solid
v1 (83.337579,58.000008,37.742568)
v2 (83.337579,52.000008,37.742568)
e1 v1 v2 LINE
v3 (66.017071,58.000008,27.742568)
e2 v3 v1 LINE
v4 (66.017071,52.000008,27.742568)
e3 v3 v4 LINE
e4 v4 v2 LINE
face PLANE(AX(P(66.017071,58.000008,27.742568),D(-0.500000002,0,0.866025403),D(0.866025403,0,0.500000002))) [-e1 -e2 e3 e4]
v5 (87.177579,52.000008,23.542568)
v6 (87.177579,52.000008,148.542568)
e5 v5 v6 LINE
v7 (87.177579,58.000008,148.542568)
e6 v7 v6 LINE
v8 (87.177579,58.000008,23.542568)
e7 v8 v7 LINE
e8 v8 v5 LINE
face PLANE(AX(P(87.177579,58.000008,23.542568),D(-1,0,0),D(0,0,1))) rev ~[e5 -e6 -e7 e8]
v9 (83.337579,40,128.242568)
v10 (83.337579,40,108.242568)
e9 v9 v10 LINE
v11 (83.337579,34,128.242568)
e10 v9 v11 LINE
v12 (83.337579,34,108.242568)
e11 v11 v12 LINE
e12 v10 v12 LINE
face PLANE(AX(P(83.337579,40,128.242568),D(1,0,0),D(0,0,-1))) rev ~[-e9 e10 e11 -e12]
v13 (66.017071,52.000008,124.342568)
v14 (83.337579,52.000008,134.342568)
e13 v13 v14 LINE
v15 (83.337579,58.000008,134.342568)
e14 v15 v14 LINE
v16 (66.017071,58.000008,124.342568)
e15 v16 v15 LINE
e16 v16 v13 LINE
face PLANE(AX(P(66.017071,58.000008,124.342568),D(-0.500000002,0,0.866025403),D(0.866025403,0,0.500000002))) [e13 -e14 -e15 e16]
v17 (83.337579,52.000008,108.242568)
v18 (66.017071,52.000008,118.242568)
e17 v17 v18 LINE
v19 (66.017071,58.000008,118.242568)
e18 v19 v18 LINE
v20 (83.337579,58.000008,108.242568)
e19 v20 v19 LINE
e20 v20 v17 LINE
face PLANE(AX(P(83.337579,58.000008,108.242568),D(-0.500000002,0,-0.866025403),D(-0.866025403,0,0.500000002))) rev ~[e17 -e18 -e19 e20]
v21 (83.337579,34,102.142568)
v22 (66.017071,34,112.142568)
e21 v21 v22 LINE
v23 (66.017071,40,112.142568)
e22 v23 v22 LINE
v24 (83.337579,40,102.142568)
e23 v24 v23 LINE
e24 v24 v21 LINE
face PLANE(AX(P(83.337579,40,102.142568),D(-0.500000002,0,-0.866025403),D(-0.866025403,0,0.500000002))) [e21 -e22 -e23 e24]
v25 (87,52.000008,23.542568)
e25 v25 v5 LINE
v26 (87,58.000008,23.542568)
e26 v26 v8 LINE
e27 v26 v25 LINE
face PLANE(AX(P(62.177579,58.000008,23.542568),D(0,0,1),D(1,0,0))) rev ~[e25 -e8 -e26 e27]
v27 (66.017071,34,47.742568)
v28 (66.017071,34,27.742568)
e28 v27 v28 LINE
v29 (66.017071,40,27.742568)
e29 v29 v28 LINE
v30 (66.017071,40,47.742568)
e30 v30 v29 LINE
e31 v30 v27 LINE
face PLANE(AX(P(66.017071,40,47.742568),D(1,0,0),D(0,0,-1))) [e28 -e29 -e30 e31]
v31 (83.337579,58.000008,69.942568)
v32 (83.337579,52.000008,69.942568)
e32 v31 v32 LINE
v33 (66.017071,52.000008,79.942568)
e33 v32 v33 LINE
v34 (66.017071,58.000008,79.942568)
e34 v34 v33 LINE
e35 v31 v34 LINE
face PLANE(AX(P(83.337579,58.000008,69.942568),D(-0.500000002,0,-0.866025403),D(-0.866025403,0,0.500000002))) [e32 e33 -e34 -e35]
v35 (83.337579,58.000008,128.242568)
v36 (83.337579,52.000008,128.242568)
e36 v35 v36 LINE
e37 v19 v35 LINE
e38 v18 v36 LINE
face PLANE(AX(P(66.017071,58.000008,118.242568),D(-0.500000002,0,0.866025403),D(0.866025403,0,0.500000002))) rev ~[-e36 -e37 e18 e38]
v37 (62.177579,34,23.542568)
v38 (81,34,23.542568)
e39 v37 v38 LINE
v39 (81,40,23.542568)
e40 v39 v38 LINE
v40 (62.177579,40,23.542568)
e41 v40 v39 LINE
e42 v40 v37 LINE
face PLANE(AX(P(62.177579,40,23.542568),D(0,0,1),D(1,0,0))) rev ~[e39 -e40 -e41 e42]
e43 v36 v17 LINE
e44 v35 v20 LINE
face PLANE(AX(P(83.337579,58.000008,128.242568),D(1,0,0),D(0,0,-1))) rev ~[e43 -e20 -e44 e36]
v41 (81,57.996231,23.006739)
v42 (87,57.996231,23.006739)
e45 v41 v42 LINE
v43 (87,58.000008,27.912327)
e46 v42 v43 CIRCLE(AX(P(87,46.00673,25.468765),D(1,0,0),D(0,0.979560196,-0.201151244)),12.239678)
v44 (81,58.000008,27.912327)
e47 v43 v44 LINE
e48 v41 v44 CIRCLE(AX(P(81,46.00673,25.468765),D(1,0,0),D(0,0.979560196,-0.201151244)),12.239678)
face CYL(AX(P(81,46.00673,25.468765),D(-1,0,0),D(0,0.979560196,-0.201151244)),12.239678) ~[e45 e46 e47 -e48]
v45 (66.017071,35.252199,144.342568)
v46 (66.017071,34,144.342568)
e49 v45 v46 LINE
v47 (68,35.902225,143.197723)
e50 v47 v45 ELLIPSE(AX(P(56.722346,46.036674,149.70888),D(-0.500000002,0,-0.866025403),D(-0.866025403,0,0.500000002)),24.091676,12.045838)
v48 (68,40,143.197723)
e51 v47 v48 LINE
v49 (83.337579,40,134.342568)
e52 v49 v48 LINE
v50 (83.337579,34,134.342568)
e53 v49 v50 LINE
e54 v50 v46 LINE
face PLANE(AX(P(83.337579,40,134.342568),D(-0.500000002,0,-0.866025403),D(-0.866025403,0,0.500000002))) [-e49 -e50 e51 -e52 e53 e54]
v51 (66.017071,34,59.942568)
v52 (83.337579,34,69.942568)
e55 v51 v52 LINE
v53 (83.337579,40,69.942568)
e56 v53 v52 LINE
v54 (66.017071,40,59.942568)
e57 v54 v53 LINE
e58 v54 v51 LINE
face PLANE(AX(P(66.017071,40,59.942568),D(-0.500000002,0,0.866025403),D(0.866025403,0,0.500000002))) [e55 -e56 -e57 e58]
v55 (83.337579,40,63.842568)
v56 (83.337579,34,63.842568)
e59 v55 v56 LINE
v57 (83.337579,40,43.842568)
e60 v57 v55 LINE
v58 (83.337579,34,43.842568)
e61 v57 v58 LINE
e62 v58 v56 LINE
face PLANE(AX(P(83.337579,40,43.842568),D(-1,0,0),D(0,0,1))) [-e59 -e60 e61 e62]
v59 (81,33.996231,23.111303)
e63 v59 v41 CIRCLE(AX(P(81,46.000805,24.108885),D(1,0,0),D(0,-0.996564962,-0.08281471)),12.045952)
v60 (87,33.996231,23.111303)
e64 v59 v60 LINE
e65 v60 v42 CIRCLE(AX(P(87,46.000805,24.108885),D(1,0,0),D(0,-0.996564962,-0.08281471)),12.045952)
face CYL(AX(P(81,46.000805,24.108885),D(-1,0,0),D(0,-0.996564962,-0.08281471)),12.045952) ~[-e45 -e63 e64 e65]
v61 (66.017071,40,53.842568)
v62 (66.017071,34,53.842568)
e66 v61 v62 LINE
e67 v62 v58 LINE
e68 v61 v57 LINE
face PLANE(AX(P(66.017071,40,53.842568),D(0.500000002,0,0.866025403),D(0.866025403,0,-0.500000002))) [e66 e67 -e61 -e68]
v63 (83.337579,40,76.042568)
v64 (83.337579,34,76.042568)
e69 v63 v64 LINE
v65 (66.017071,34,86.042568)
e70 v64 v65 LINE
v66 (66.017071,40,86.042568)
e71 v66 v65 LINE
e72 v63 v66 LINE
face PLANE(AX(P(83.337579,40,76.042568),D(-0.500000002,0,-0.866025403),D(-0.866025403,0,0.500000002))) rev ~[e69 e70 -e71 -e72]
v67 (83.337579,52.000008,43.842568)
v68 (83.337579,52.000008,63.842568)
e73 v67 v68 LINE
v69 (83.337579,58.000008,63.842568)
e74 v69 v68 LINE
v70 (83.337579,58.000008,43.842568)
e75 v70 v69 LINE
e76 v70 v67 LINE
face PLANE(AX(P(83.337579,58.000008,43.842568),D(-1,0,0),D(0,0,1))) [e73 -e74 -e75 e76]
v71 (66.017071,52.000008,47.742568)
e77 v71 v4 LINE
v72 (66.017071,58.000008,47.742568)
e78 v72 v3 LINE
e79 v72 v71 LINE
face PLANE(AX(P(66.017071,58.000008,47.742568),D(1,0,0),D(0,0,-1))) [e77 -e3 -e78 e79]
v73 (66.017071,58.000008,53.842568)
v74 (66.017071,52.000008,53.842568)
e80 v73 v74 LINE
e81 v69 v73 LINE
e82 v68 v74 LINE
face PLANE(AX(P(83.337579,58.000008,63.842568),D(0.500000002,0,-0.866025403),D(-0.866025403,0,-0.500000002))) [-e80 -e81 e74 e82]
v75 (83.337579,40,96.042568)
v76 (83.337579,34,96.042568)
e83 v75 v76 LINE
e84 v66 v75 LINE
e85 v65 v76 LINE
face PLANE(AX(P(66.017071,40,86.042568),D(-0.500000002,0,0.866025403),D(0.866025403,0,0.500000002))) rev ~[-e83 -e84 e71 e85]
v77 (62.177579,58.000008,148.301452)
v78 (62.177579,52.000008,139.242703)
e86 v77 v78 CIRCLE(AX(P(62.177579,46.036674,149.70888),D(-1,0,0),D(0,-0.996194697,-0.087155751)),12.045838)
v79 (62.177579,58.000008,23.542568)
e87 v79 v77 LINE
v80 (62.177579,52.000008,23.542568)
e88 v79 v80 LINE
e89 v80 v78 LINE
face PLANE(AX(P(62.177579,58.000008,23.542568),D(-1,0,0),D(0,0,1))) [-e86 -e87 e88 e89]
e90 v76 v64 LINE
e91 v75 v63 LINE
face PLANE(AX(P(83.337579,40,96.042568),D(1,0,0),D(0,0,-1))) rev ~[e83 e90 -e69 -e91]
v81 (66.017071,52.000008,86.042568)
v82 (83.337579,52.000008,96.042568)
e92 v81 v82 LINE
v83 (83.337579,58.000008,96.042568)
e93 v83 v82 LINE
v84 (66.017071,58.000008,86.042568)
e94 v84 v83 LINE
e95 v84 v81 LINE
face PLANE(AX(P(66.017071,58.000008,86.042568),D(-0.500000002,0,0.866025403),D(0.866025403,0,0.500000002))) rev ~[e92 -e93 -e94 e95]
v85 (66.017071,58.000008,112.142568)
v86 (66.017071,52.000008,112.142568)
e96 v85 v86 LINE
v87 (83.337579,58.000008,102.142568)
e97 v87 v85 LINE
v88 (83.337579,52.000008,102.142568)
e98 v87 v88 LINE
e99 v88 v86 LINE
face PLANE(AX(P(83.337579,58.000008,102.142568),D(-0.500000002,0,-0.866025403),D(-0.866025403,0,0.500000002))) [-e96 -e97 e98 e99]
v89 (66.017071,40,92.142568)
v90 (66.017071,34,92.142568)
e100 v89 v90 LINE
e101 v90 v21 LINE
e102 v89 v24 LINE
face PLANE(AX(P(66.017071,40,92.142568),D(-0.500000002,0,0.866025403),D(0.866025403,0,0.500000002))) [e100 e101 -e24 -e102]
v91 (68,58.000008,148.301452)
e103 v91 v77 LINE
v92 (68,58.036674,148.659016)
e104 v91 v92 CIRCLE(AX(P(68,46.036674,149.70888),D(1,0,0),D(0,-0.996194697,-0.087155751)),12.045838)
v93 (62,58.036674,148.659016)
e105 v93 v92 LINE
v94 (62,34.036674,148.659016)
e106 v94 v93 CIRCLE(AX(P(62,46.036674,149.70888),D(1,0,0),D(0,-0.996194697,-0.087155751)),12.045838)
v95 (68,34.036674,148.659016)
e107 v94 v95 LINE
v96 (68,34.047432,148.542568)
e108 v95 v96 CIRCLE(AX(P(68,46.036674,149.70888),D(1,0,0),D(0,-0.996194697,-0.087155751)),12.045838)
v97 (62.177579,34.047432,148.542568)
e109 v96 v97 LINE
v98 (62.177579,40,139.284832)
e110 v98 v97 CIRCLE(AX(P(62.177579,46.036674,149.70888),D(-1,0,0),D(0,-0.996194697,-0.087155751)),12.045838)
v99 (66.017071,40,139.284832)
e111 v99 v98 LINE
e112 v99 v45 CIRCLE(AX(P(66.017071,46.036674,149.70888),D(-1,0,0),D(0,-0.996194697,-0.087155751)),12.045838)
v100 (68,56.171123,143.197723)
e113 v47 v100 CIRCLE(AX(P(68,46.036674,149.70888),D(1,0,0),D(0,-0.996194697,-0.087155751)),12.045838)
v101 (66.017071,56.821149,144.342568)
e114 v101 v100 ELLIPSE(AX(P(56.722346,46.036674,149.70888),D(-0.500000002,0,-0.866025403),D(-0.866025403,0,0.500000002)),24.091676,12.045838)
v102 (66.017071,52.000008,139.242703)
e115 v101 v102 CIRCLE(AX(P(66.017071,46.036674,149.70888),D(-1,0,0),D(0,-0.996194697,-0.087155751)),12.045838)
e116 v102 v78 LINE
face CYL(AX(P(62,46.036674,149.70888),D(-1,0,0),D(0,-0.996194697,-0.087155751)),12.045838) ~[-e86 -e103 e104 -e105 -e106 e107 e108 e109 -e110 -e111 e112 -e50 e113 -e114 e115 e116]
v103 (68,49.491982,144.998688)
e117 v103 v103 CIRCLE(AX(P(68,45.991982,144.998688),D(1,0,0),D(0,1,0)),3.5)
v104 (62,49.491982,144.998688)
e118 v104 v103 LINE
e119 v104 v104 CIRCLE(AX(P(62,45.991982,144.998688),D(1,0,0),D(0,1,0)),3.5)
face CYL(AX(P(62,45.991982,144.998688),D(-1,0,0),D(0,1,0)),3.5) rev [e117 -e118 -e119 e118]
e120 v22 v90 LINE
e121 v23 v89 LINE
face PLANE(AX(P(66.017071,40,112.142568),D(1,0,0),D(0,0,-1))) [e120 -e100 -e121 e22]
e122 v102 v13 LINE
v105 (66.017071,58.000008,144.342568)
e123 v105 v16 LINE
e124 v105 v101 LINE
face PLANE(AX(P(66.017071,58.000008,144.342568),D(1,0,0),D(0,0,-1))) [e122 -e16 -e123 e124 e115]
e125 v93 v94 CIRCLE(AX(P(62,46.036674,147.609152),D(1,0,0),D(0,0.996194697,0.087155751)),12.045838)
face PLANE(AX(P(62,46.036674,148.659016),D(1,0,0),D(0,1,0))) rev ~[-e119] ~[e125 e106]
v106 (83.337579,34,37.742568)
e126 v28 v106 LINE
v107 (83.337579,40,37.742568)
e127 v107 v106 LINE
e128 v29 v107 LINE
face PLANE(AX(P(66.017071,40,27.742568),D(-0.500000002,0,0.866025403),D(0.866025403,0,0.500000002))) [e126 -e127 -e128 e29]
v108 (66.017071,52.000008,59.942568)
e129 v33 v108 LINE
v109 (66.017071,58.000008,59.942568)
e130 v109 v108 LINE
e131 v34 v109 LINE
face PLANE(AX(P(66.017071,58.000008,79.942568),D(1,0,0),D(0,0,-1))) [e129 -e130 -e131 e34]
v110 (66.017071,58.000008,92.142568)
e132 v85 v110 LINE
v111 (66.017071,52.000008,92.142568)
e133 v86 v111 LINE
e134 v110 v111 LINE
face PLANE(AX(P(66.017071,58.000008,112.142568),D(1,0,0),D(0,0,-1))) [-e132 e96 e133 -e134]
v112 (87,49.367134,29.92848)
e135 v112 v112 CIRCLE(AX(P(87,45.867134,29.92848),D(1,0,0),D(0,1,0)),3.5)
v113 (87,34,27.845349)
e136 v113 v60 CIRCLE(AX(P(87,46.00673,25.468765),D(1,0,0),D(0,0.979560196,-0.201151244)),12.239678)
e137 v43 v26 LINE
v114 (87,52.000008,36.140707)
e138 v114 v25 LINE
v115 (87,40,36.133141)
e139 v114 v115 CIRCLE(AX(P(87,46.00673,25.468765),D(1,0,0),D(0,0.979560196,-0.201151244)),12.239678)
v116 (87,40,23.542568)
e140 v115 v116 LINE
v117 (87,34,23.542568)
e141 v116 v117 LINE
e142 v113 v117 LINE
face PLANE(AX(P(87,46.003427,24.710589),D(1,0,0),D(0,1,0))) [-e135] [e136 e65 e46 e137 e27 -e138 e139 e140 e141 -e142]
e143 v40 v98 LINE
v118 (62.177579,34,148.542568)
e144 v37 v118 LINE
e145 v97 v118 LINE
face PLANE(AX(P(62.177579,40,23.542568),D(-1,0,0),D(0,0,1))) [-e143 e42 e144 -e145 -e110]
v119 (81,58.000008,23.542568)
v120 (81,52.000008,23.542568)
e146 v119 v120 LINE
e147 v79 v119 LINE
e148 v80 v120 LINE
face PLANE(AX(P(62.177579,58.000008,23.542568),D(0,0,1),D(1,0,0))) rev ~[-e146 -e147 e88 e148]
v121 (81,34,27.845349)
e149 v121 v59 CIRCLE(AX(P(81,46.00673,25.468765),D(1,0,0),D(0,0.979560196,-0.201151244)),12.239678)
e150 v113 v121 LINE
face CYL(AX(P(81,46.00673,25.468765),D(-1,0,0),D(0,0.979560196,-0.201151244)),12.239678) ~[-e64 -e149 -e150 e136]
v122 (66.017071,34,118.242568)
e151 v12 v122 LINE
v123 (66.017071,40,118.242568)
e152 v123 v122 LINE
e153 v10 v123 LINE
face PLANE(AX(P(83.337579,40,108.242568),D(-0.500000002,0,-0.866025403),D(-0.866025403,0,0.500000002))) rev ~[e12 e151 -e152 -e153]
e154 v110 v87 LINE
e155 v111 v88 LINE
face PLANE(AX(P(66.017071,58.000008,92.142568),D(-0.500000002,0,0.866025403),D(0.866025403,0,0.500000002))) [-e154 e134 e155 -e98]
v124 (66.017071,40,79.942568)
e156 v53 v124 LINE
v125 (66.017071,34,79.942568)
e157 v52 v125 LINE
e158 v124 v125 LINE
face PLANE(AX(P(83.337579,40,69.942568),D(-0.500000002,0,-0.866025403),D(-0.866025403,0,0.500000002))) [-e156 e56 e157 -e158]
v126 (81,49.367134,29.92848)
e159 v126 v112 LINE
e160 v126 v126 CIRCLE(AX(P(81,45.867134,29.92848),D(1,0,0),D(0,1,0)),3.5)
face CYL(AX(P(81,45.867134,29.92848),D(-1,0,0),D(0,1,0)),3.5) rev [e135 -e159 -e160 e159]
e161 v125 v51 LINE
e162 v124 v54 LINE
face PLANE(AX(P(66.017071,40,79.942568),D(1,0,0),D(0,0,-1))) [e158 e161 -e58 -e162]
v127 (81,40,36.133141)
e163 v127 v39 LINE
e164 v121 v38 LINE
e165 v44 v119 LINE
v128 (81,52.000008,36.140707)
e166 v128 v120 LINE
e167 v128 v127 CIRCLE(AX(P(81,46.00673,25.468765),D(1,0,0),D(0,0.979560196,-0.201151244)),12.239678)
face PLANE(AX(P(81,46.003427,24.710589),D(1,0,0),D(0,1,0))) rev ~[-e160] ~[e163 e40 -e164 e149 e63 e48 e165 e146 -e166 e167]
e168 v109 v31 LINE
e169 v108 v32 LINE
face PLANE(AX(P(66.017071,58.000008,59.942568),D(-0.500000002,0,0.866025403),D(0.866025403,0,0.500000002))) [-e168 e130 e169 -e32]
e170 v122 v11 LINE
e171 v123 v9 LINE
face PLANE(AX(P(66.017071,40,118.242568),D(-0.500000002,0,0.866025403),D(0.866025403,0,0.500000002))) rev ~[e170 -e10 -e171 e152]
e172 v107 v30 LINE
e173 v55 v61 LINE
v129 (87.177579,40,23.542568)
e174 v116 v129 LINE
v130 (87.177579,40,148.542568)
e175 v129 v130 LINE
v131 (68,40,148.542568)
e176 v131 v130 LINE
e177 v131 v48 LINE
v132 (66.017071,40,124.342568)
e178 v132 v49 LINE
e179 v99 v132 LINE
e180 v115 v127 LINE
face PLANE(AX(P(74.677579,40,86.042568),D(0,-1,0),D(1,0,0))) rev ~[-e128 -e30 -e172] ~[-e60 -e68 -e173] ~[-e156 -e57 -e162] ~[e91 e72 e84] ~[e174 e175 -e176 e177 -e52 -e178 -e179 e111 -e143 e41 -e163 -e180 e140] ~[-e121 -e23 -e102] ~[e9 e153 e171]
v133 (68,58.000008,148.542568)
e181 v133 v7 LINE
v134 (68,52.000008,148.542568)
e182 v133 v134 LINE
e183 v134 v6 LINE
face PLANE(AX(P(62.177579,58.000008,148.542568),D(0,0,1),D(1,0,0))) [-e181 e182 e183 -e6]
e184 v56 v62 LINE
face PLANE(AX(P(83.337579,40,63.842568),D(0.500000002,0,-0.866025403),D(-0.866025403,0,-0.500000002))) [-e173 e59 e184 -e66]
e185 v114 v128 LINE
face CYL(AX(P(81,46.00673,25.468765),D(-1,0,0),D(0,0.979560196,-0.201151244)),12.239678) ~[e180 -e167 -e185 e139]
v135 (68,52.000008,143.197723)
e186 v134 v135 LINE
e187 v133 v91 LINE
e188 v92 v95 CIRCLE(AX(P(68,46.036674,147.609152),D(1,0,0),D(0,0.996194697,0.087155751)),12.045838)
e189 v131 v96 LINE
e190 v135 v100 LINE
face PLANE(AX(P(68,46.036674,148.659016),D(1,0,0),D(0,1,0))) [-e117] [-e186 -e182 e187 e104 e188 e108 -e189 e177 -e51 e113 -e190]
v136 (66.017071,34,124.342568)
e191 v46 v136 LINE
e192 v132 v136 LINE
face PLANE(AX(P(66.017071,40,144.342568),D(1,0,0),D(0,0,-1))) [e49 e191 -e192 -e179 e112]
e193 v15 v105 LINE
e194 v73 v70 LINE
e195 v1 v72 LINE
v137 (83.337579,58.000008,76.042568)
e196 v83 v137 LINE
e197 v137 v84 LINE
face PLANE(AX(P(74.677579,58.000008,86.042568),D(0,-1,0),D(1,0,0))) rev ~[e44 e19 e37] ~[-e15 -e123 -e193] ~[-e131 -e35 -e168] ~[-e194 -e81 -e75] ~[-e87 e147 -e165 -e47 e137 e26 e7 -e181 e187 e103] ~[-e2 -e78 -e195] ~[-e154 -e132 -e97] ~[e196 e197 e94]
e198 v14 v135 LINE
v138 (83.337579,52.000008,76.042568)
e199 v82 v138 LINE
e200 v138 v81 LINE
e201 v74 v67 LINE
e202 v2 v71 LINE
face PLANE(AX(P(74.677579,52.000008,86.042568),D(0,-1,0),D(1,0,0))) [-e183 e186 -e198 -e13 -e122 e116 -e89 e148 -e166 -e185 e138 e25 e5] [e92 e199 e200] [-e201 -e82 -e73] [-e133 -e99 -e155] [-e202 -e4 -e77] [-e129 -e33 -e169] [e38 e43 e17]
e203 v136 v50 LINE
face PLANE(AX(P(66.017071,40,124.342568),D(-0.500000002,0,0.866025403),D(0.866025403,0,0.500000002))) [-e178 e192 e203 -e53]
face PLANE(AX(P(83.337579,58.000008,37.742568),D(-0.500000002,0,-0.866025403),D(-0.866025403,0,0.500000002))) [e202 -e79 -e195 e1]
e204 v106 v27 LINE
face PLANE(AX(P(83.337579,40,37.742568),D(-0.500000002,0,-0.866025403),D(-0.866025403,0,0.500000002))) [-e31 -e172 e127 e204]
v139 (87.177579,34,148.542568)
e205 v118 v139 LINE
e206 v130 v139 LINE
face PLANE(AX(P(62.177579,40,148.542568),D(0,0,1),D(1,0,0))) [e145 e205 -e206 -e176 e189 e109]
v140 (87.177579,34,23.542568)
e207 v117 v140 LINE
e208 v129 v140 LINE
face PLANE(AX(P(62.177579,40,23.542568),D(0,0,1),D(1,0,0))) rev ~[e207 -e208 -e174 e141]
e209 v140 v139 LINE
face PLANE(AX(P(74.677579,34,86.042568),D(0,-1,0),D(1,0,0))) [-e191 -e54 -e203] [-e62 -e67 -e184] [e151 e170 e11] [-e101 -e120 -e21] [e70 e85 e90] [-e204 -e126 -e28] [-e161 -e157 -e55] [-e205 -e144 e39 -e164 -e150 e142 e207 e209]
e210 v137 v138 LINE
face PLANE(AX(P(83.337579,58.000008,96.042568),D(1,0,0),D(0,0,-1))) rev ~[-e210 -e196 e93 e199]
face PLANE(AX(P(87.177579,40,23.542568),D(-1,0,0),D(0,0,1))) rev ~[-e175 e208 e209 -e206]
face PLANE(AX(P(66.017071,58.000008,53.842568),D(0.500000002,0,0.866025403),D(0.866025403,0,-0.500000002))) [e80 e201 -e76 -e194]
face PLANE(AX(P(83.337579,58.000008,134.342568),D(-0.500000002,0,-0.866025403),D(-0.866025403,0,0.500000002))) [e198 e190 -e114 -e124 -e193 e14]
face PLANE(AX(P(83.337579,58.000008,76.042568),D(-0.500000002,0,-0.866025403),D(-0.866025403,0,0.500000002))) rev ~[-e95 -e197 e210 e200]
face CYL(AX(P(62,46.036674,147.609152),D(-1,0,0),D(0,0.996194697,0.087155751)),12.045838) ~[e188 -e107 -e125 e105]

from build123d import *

# Parameters (mm, degrees)
SKETCH019_R      = 3.5
EXTRUDE018_DEPTH = 6
SKETCH018_W      = 25
SKETCH018_H      = 125
EXTRUDE017_DEPTH = 6
SKETCH020_R      = 3.5
EXTRUDE019_DEPTH = 6


with BuildPart() as union_parte_arriba:
    # Sketch019 → Extrude018 (new body)
    with BuildSketch(Plane.YZ):
        with BuildLine():
            ThreePointArc((82.036674, 148.659016), (70.036674, 159.65499), (58.036674, 148.659016))
            ThreePointArc((58.036674, 148.659016), (70.036674, 137.663042), (82.036674, 148.659016))
        make_face()
        with Locations((69.991982, 144.998688)):
            Circle(SKETCH019_R, mode=Mode.SUBTRACT)
    extrude(amount=EXTRUDE018_DEPTH)


with BuildPart() as union_parte_arriba_1:
    # Extrude018 placement: moved
    add(union_parte_arriba.part.moved(Location((72, 0, 0))))


with BuildPart() as palo_triangular:
    # Sketch018 → Extrude017 (new body)
    with BuildSketch(Plane.XZ):
        with Locations((84.677579, 86.042568)):
            Rectangle(SKETCH018_W, SKETCH018_H)
        Polygon((76.017071, 47.742568), (76.017071, 27.742568), (93.337579, 37.742568), align=None, mode=Mode.SUBTRACT)
        Polygon((76.017071, 53.842568), (93.337579, 43.842568), (93.337579, 63.842568), align=None, mode=Mode.SUBTRACT)
        Polygon((76.017071, 79.942568), (76.017071, 59.942568), (93.337579, 69.942568), align=None, mode=Mode.SUBTRACT)
        Polygon((76.017071, 112.142568), (76.017071, 92.142568), (93.337579, 102.142568), align=None, mode=Mode.SUBTRACT)
        Polygon((76.017071, 144.342568), (76.017071, 124.342568), (93.337579, 134.342568), align=None, mode=Mode.SUBTRACT)
        Polygon((76.017071, 86.042568), (93.337579, 96.042568), (93.337579, 76.042568), align=None, mode=Mode.SUBTRACT)
        Polygon((76.017071, 118.242568), (93.337579, 128.242568), (93.337579, 108.242568), align=None, mode=Mode.SUBTRACT)
    extrude(amount=EXTRUDE017_DEPTH)


with BuildPart() as palo_triangular_1:
    # Extrude017 placement: moved
    add(palo_triangular.part.moved(Location((0, 64, 0))))


with BuildPart() as palo_triangular001:
    # Link019 base: copy of Palo triangular
    add(palo_triangular_1.part)


with BuildPart() as palo_triangular001_1:
    # Link019 placement: moved
    add(palo_triangular001.part.moved(Location((0, 18.000008, 0))))


with BuildPart() as palito_2_codo_v2:
    # Sketch020 → Extrude019 (new body)
    with BuildSketch(Plane.YZ):
        with BuildLine():
            ThreePointArc((57.996231, 23.111303), (69.948323, 12.063047), (81.996231, 23.006739))
            ThreePointArc((81.996231, 23.006739), (70.060056, 37.708327), (57.996231, 23.111303))
        make_face()
        with Locations((69.867134, 29.92848)):
            Circle(SKETCH020_R, mode=Mode.SUBTRACT)
    extrude(amount=EXTRUDE019_DEPTH)


with BuildPart() as palito_2_codo_v2_1:
    # Extrude019 placement: moved
    add(palito_2_codo_v2.part.moved(Location((91, 0, 0))))

    # Fusion023: union union parte arriba, Palo triangular001, Palo triangular
    add(union_parte_arriba_1.part)
    add(palo_triangular001_1.part)
    add(palo_triangular_1.part)


with BuildPart() as palito_2_codo_v2_2:
    # Fusion023 placement: moved
    add(palito_2_codo_v2_1.part.moved(Location((-10, -24, 0))))


solid = palito_2_codo_v2_2.part
